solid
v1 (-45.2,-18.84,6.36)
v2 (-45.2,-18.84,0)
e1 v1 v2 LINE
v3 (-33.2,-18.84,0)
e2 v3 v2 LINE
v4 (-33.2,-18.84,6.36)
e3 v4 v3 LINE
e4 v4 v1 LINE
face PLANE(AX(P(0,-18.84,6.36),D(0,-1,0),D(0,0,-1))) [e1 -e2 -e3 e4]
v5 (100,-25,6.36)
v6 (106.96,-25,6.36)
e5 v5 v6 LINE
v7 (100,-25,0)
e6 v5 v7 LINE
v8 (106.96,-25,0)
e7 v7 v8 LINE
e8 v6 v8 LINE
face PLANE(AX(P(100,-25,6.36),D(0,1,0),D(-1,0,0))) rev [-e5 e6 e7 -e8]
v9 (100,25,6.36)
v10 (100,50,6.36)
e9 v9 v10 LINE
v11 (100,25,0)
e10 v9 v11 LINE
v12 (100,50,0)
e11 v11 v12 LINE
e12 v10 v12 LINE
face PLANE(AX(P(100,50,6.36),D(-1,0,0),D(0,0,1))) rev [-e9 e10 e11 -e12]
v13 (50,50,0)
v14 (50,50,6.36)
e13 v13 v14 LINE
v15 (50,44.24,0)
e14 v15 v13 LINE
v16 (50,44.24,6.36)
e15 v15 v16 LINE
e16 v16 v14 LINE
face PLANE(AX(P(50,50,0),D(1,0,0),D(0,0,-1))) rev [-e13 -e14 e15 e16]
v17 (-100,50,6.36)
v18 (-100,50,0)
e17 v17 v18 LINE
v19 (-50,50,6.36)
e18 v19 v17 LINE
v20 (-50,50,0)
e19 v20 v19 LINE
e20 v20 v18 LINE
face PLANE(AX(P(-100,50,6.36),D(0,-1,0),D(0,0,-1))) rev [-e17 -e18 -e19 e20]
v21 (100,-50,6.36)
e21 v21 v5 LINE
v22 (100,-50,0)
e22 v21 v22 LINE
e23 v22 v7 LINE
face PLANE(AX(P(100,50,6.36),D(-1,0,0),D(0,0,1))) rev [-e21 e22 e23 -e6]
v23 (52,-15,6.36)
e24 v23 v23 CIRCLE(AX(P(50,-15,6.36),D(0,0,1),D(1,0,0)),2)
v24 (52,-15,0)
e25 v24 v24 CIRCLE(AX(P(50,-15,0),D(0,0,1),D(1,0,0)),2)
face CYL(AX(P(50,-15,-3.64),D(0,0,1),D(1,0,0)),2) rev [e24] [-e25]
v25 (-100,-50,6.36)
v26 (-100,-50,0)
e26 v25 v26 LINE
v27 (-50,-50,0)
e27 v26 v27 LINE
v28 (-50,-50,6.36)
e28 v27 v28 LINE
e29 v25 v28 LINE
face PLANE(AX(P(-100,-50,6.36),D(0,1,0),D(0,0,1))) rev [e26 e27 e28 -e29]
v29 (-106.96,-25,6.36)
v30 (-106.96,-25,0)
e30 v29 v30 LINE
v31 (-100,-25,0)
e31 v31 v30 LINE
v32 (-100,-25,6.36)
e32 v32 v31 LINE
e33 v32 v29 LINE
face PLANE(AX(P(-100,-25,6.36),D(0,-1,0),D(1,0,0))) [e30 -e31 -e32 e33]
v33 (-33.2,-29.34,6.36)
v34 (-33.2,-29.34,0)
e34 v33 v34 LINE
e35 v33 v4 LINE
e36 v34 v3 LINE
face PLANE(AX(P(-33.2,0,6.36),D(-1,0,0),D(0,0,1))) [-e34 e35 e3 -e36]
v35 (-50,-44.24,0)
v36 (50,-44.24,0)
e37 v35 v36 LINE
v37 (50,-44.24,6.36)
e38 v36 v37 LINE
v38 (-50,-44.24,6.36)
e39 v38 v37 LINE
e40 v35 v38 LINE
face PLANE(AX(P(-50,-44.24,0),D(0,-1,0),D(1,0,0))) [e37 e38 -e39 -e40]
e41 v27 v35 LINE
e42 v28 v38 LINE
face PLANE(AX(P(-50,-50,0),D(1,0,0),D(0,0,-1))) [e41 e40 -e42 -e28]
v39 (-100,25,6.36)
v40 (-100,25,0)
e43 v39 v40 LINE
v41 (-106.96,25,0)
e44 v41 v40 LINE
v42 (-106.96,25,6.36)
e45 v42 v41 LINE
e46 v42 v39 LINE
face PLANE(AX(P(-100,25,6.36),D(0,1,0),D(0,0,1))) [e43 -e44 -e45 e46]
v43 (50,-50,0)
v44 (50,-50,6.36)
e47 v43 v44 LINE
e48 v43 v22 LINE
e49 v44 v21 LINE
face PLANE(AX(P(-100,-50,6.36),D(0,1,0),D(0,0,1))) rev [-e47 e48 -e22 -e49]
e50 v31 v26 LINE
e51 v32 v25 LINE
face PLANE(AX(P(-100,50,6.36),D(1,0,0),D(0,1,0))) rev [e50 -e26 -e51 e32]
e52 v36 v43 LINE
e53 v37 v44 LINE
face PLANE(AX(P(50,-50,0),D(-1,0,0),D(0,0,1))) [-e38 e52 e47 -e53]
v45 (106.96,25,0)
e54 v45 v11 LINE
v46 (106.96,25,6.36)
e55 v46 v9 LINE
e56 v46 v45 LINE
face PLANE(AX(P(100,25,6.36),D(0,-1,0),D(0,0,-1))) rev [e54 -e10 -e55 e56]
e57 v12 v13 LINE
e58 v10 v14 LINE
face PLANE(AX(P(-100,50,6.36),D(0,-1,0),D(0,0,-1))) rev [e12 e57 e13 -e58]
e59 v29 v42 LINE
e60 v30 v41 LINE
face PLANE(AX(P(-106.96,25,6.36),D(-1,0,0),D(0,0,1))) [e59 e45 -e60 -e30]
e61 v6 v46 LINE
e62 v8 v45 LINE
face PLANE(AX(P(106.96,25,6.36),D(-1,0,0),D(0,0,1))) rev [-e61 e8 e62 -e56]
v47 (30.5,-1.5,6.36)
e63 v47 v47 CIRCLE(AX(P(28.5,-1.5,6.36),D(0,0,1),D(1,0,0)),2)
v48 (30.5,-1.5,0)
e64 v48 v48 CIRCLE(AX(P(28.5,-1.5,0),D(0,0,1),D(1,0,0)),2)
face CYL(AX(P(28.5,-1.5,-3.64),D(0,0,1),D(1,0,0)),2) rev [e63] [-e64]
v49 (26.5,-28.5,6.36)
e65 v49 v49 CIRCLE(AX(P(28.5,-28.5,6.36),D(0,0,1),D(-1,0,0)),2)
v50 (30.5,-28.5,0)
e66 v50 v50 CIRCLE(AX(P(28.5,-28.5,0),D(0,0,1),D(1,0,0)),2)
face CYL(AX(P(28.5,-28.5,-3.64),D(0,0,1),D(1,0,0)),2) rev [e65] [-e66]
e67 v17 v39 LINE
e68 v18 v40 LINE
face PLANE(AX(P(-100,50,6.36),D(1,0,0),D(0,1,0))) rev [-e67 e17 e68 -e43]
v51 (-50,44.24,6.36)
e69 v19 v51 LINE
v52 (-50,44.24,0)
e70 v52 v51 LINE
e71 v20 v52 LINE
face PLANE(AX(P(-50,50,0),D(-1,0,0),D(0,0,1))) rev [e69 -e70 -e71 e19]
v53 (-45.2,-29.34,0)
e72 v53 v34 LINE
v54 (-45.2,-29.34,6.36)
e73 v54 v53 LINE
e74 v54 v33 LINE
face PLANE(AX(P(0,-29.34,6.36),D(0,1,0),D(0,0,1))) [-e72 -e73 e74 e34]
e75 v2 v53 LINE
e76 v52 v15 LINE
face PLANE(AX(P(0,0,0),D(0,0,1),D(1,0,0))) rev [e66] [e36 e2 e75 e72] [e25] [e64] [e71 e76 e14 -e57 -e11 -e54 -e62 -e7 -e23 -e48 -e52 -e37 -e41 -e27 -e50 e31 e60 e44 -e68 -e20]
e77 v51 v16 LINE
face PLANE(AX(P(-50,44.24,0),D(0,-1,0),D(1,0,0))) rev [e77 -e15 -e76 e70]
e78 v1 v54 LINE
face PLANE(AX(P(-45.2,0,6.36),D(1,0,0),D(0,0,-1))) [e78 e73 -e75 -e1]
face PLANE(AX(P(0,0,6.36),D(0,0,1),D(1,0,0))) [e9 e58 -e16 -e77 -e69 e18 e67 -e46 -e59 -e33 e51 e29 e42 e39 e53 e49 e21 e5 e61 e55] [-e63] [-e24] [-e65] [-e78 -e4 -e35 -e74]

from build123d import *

# Parameters (mm, degrees)
SKETCH1_W           = 200
SKETCH1_H           = 100
BOSS_EXTRUDE1_DEPTH = 6.36
SKETCH9_W           = 6.96
SKETCH9_H           = 50
BOSS_EXTRUDE5_DEPTH = 6.36
SKETCH10_W          = 100
SKETCH10_H          = 5.76
CUT_EXTRUDE1_DEPTH  = 119.240818671
SKETCH13_R          = 2
BATTERY_HOLES_DEPTH = 10
SKETCH14_W          = 12
SKETCH14_H          = 10.5
CUT_EXTRUDE6_DEPTH  = 119.240818671


with BuildPart() as part:
    # Sketch1 → Boss-Extrude1 (new body)
    with BuildSketch(Plane.XY):
        Rectangle(SKETCH1_W, SKETCH1_H)
    extrude(amount=BOSS_EXTRUDE1_DEPTH)

    # Sketch9 → Boss-Extrude5 (add)
    with BuildSketch(Plane(origin=(0, 0, 0), x_dir=(-1, 0, 0), z_dir=(0, 0, -1))):
        with Locations((103.48, 0)):
            Rectangle(SKETCH9_W, SKETCH9_H)
    boss_extrude5 = extrude(amount=-BOSS_EXTRUDE5_DEPTH)

    # Mirror5: Boss-Extrude5 across plane
    add(boss_extrude5.mirror(Plane(origin=(0, 0, 0), x_dir=(0, 0, 1), z_dir=(1, 0, 0))))

    # Sketch10 → Cut-Extrude1 (cut, symmetric)
    with BuildSketch(Plane.XY.offset(6.36)):
        with Locations((0, 47.12)):
            Rectangle(SKETCH10_W, SKETCH10_H)
    cut_extrude1 = extrude(amount=CUT_EXTRUDE1_DEPTH, both=True, mode=Mode.SUBTRACT)

    # Mirror6: Cut-Extrude1 across plane
    add(cut_extrude1.mirror(Plane.ZX), mode=Mode.SUBTRACT)

    # Sketch13 → battery holes (cut)
    with BuildSketch(Plane.XY.offset(6.36)):
        with Locations((50, -15)):
            Circle(SKETCH13_R)
        with Locations((28.5, -1.5)):
            Circle(SKETCH13_R)
        with Locations((28.5, -28.5)):
            Circle(SKETCH13_R)
    extrude(amount=-BATTERY_HOLES_DEPTH, mode=Mode.SUBTRACT)

    # Sketch14 → Cut-Extrude6 (cut, through all)
    with BuildSketch(Plane(origin=(0, 0, 0), x_dir=(-1, 0, 0), z_dir=(0, 0, -1))):
        with Locations((39.2, -24.09)):
            Rectangle(SKETCH14_W, SKETCH14_H)
    extrude(amount=-CUT_EXTRUDE6_DEPTH, mode=Mode.SUBTRACT)


solid = part.part
